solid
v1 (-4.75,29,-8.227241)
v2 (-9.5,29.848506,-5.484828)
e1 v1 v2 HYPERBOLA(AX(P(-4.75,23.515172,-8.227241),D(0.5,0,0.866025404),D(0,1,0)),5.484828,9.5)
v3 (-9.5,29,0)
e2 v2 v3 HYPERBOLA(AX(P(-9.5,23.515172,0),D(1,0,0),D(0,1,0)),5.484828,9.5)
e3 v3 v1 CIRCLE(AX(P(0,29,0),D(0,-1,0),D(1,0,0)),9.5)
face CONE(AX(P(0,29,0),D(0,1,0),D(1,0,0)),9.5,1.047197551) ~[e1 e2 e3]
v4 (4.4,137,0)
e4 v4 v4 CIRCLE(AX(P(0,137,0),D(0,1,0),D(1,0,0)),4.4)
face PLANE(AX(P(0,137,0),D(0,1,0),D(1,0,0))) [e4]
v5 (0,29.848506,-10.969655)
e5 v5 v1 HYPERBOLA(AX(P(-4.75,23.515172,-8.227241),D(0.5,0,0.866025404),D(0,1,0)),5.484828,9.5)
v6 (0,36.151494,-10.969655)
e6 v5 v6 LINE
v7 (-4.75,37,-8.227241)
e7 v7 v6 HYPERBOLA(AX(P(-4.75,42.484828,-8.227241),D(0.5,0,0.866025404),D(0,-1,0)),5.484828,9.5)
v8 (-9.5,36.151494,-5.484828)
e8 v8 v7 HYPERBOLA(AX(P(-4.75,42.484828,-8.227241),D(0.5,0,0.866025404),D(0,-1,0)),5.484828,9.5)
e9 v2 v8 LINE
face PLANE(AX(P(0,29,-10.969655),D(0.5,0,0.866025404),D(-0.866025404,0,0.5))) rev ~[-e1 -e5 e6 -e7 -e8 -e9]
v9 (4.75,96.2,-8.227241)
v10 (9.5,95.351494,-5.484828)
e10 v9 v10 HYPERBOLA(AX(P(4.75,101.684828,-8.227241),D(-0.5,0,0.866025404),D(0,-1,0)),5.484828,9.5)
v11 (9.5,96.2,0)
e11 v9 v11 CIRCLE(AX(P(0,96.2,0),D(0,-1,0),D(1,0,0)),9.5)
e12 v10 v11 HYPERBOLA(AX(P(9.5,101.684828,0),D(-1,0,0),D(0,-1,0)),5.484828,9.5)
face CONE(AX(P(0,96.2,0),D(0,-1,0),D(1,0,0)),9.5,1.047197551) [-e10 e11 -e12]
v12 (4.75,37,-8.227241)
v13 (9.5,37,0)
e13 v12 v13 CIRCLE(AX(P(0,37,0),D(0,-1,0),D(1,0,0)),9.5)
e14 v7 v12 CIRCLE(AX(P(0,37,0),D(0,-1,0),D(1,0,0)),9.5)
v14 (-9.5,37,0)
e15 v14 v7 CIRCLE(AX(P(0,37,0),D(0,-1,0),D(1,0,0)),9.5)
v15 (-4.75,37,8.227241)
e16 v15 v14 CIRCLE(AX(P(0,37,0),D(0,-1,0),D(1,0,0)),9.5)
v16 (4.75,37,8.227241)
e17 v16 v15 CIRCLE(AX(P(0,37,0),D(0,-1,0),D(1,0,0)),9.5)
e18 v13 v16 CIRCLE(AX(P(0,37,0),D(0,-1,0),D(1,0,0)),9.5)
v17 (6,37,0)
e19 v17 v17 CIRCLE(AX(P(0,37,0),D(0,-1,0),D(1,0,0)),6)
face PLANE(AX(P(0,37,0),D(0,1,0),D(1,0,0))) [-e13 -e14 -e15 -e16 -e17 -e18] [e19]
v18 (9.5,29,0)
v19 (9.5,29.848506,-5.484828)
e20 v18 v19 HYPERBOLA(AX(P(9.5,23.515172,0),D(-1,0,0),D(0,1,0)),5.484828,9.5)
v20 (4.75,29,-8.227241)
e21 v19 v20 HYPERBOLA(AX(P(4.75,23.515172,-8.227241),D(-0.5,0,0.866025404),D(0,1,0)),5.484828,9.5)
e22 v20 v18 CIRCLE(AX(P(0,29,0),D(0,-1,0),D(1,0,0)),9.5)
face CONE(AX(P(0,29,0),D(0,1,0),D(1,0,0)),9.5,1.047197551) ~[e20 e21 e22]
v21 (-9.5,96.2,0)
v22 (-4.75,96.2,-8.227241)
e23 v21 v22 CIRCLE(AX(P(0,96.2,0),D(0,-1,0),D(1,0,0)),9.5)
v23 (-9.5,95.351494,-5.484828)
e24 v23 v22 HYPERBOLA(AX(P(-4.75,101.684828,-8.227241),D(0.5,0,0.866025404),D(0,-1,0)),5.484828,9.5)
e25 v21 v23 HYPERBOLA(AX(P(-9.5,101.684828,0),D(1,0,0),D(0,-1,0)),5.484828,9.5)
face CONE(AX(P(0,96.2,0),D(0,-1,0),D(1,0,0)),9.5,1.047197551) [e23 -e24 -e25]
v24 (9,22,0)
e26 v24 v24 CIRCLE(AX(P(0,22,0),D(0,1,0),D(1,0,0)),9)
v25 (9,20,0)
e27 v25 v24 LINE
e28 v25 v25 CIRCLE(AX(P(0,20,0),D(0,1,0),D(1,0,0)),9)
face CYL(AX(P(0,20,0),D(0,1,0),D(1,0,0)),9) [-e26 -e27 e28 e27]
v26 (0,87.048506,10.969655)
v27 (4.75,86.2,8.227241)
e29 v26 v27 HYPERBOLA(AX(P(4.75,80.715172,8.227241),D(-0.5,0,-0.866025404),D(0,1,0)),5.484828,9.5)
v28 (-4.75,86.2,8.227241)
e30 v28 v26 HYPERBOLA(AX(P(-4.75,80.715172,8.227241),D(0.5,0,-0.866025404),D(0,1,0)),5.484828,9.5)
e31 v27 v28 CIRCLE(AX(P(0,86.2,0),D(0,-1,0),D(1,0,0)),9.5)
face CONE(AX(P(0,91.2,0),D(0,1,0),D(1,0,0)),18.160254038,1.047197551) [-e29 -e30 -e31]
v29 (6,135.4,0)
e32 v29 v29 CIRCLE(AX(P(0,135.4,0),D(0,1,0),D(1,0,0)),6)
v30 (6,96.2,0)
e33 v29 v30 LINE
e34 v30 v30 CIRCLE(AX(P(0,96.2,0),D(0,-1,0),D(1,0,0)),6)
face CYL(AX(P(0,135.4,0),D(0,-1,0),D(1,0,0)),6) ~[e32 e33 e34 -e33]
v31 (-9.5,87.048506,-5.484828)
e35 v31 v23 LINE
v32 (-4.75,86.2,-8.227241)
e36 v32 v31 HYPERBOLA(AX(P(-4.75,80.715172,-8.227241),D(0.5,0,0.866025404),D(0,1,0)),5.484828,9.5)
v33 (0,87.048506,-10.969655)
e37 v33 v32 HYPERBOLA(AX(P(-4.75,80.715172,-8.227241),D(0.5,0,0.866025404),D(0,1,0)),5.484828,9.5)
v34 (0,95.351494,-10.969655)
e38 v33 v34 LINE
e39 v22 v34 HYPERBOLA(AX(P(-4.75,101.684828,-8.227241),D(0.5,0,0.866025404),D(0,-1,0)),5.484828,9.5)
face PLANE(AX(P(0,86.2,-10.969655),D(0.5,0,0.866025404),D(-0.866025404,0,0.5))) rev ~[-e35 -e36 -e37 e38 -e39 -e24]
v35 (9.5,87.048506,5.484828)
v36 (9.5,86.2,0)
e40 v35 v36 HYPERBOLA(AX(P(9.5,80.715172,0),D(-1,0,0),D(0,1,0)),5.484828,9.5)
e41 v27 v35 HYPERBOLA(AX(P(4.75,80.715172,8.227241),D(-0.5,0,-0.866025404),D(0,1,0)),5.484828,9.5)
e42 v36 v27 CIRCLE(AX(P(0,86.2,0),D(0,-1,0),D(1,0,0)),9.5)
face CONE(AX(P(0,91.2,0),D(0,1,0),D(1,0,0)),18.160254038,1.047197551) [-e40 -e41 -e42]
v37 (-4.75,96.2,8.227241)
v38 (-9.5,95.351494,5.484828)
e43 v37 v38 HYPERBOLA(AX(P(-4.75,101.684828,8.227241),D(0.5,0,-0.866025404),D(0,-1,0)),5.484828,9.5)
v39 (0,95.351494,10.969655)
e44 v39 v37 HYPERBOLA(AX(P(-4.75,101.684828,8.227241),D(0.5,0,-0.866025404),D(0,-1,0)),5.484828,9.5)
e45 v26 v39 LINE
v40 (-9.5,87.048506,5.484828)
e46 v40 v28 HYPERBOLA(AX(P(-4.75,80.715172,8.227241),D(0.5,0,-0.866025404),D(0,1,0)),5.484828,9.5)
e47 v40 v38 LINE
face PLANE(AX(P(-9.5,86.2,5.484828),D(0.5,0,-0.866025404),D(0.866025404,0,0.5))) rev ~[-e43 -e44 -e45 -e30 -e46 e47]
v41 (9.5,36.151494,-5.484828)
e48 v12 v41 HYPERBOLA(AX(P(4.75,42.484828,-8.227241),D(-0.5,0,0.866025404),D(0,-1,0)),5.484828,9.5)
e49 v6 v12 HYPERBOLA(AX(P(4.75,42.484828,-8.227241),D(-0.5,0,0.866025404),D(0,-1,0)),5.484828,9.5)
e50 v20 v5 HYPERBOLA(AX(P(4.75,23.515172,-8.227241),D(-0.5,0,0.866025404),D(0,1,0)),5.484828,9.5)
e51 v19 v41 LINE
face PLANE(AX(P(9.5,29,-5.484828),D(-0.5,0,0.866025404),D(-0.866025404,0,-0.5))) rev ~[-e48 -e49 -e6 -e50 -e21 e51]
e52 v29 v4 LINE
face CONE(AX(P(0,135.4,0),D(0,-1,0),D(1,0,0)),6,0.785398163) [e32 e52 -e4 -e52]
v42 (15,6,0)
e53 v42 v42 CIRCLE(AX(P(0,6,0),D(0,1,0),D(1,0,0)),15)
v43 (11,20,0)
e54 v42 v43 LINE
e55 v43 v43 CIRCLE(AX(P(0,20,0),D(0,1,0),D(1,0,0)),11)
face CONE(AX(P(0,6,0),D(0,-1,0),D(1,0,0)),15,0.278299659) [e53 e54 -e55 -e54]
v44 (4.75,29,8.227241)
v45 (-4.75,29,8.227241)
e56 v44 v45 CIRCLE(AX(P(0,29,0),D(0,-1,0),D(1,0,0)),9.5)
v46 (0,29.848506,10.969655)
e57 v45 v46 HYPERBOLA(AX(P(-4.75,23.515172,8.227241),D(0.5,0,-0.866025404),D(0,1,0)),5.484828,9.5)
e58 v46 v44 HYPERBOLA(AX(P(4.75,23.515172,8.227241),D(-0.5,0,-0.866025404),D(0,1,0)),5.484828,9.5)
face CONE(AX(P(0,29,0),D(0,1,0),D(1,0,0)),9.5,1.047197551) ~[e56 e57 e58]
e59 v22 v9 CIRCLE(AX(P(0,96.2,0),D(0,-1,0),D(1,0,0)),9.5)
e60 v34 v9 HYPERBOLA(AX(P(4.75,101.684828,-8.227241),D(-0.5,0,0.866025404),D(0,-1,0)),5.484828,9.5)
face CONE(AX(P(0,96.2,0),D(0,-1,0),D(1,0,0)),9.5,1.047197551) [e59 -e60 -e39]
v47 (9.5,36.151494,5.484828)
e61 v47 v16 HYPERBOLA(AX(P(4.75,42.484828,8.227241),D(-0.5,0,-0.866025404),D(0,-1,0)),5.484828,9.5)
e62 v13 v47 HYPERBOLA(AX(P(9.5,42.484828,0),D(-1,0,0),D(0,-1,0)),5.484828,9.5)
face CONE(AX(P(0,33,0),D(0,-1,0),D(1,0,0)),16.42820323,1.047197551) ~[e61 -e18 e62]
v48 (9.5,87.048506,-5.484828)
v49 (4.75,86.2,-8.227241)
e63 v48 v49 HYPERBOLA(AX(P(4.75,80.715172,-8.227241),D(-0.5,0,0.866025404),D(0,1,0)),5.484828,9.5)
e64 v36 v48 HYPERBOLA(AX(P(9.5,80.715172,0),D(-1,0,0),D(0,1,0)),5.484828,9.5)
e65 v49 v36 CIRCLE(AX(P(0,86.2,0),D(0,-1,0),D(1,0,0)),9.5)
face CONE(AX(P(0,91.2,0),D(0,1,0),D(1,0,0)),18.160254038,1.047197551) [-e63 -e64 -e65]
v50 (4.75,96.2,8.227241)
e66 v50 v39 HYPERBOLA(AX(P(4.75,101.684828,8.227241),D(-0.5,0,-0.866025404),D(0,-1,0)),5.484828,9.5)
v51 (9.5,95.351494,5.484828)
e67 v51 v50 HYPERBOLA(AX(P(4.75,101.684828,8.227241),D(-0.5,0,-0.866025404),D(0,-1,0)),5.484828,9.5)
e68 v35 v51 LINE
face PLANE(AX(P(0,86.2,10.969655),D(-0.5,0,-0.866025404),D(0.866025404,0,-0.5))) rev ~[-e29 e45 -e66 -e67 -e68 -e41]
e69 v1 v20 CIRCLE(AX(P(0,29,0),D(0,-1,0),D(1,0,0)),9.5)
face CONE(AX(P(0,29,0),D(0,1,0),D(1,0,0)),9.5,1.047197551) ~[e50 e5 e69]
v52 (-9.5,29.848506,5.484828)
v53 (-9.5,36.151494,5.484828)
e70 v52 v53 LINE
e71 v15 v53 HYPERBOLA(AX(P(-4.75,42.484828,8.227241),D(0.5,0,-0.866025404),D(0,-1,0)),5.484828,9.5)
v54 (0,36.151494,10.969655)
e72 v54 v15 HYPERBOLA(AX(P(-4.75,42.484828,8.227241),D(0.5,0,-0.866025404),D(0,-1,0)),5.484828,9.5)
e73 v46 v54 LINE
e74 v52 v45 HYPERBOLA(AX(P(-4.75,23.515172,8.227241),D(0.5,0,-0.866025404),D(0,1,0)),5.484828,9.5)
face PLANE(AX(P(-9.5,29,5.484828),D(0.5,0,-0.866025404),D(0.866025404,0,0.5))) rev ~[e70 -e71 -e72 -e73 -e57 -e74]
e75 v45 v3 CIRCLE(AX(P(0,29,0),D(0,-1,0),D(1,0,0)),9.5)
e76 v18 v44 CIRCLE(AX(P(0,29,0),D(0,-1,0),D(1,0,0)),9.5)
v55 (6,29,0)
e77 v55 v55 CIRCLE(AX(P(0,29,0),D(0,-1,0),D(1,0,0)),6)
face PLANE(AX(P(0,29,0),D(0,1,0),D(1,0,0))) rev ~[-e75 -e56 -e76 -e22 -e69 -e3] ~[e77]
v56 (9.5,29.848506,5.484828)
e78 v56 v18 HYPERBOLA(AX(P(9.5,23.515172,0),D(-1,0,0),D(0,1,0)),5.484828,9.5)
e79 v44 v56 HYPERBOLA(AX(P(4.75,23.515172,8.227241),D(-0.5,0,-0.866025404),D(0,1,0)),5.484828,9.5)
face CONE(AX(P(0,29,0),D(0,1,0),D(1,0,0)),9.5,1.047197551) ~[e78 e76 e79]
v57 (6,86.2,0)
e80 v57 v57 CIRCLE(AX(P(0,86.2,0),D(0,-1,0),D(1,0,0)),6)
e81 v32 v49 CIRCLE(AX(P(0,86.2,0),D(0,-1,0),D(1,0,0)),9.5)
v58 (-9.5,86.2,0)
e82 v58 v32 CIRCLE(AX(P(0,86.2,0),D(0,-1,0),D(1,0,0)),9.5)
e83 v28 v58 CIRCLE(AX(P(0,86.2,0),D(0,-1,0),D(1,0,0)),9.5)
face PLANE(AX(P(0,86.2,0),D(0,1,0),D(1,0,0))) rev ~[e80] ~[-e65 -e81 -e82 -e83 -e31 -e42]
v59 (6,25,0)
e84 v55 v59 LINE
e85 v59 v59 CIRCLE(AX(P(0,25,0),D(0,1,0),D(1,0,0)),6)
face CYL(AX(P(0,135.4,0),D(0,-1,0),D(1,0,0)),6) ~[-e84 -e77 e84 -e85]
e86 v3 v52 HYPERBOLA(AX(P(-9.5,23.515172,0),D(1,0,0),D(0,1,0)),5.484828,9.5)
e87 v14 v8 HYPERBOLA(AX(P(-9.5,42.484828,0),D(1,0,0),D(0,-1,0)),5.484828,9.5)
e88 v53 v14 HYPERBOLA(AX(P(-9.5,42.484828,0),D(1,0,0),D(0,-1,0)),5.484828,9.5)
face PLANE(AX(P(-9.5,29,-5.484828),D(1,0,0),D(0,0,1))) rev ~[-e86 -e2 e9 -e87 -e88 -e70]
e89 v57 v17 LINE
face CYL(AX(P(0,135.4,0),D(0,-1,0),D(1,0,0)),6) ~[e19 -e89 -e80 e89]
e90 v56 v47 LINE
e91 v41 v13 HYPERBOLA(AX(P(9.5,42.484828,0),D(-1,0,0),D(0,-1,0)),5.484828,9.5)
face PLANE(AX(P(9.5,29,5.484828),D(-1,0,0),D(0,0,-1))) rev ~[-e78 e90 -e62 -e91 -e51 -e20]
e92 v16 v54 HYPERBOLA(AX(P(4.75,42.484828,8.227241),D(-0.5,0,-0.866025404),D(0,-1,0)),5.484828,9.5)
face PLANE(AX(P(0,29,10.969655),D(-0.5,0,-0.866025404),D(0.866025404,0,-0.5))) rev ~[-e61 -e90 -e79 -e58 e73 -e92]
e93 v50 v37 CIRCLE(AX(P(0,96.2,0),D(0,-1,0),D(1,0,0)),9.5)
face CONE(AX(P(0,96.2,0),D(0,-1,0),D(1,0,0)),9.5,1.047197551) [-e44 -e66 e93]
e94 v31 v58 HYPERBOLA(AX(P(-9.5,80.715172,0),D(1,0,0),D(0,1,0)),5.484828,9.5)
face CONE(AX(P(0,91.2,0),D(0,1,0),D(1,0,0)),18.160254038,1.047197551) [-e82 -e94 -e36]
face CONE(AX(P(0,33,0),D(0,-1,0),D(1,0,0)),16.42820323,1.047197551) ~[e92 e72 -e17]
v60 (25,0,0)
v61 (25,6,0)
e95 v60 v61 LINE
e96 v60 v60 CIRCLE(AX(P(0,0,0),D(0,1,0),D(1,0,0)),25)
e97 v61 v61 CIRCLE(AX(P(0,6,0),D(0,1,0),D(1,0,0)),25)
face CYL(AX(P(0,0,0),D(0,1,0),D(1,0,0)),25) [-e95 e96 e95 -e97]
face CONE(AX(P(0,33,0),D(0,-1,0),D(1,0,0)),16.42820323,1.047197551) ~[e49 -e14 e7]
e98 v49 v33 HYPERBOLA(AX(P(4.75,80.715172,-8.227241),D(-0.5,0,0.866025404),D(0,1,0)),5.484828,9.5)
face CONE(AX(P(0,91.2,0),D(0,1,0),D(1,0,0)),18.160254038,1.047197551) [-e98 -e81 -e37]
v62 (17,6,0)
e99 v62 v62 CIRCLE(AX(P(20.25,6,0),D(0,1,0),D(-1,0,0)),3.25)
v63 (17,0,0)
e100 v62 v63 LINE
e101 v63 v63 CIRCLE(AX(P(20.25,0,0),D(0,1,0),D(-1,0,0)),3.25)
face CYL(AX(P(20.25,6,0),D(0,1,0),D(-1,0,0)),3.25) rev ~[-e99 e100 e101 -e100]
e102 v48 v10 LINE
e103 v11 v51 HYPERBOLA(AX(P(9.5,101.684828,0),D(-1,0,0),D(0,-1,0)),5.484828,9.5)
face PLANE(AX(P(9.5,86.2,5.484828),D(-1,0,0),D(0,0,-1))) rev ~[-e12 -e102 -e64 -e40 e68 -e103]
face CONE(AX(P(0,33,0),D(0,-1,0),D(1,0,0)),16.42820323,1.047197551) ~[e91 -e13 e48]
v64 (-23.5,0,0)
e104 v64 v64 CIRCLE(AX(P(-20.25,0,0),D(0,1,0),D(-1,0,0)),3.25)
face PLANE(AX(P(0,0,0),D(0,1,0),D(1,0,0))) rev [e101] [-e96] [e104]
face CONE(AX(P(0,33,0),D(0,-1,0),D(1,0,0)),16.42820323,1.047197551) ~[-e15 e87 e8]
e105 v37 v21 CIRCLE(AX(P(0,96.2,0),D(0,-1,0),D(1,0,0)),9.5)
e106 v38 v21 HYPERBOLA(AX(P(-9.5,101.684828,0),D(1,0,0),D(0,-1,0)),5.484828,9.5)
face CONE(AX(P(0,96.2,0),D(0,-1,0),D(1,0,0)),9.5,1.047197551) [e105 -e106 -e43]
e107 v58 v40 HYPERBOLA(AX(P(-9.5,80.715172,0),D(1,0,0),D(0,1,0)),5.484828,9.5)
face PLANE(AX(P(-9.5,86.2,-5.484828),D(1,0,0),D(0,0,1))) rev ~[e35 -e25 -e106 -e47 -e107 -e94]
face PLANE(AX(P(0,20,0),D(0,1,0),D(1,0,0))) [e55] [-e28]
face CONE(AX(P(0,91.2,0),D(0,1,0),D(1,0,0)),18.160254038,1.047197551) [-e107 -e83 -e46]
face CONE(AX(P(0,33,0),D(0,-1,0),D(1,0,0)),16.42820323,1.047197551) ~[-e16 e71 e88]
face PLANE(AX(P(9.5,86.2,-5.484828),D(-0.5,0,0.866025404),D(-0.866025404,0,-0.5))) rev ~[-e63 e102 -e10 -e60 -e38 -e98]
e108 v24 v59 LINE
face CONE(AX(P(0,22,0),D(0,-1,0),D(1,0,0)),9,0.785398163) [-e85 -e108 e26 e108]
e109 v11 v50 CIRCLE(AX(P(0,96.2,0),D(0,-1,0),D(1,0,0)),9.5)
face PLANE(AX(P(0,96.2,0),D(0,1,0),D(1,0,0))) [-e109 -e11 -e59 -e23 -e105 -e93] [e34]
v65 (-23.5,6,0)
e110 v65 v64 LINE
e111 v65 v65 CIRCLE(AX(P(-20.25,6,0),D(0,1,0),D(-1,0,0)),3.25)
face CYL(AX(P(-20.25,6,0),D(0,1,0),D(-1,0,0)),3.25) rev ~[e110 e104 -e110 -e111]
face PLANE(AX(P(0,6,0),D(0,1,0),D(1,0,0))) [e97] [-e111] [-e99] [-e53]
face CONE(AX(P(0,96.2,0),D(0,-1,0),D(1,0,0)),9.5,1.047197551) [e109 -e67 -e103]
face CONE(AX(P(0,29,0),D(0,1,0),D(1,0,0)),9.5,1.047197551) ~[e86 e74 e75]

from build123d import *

# Parameters (mm, degrees)
EXTRUDE_1_DEPTH     = 8
EXTRUDE_2_DEPTH     = 10
SKETCH_5_R          = 3.25
CUT_EXTRUDE_1_DEPTH = 7


with BuildPart() as part:
    # Эскиз1 → Повернуть1 (revolve)
    with BuildSketch(Plane.XY, mode=Mode.PRIVATE) as revolve_1_sk:
        Polygon((0, 0), (-25, 0), (-25, 6), (-15, 6), (-11, 20), (-9, 20), (-9, 22), (-6, 25), (-6, 29), (-6, 37), (-6, 135.4), (-4.4, 137), (0, 137), align=None)
    revolve(revolve_1_sk.sketch.rotate(Axis((0, 0, 0), (0, 1, 0)), 180), axis=Axis((0, 0, 0), (0, 1, 0)))  # turned: the seam where the file's is

    # Эскиз2 → Бобышка-Вытянуть1 (add)
    with BuildSketch(Plane(origin=(0, 29, 0), x_dir=(1, 0, 0), z_dir=(0, 1, 0))):
        Polygon((0, 10.969655115), (-9.5, 5.484827557), (-9.5, -5.484827557), (0, -10.969655115), (9.5, -5.484827557), (9.5, 5.484827557), align=None)
    extrude(amount=EXTRUDE_1_DEPTH)

    # Эскиз3 → Бобышка-Вытянуть2 (add)
    with BuildSketch(Plane(origin=(0, 86.2, 0), x_dir=(1, 0, 0), z_dir=(0, 1, 0))):
        Polygon((9.5, 5.484827557), (0, 10.969655115), (-9.5, 5.484827557), (-9.5, -5.484827557), (0, -10.969655115), (9.5, -5.484827557), align=None)
    extrude(amount=EXTRUDE_2_DEPTH)

    # Эскиз4 → Вырез-Повернуть2 (revolve, cut)
    with BuildSketch(Plane.XY, mode=Mode.PRIVATE) as cut_revolve_2_sk:
        Polygon((-18.160254038, 96.2), (-9.5, 96.2), (-18.160254038, 91.2), align=None)
        Polygon((-18.160254038, 86.2), (-18.160254038, 91.2), (-9.5, 86.2), align=None)
        Polygon((-16.42820323, 37), (-16.42820323, 33), (-9.5, 37), align=None)
        Polygon((-16.42820323, 33), (-16.42820323, 29), (-9.5, 29), align=None)
    revolve(cut_revolve_2_sk.sketch.rotate(Axis((0, 137, 0), (0, -1, 0)), 180), axis=Axis((0, 137, 0), (0, -1, 0)), mode=Mode.SUBTRACT)  # turned: the seam where the file's is

    # Эскиз5 → Вырез-Вытянуть1 (cut, through all)
    with BuildSketch(Plane(origin=(0, 6, 0), x_dir=(1, 0, 0), z_dir=(0, 1, 0))):
        with Locations(Location((-20.25, 0, 0), (0, 0, 180))):  # turned: the seam where the file's is
            Circle(SKETCH_5_R)
        with Locations(Location((20.25, 0, 0), (0, 0, 180))):  # turned: the seam where the file's is
            Circle(SKETCH_5_R)
    extrude(amount=-CUT_EXTRUDE_1_DEPTH, mode=Mode.SUBTRACT)


solid = part.part
